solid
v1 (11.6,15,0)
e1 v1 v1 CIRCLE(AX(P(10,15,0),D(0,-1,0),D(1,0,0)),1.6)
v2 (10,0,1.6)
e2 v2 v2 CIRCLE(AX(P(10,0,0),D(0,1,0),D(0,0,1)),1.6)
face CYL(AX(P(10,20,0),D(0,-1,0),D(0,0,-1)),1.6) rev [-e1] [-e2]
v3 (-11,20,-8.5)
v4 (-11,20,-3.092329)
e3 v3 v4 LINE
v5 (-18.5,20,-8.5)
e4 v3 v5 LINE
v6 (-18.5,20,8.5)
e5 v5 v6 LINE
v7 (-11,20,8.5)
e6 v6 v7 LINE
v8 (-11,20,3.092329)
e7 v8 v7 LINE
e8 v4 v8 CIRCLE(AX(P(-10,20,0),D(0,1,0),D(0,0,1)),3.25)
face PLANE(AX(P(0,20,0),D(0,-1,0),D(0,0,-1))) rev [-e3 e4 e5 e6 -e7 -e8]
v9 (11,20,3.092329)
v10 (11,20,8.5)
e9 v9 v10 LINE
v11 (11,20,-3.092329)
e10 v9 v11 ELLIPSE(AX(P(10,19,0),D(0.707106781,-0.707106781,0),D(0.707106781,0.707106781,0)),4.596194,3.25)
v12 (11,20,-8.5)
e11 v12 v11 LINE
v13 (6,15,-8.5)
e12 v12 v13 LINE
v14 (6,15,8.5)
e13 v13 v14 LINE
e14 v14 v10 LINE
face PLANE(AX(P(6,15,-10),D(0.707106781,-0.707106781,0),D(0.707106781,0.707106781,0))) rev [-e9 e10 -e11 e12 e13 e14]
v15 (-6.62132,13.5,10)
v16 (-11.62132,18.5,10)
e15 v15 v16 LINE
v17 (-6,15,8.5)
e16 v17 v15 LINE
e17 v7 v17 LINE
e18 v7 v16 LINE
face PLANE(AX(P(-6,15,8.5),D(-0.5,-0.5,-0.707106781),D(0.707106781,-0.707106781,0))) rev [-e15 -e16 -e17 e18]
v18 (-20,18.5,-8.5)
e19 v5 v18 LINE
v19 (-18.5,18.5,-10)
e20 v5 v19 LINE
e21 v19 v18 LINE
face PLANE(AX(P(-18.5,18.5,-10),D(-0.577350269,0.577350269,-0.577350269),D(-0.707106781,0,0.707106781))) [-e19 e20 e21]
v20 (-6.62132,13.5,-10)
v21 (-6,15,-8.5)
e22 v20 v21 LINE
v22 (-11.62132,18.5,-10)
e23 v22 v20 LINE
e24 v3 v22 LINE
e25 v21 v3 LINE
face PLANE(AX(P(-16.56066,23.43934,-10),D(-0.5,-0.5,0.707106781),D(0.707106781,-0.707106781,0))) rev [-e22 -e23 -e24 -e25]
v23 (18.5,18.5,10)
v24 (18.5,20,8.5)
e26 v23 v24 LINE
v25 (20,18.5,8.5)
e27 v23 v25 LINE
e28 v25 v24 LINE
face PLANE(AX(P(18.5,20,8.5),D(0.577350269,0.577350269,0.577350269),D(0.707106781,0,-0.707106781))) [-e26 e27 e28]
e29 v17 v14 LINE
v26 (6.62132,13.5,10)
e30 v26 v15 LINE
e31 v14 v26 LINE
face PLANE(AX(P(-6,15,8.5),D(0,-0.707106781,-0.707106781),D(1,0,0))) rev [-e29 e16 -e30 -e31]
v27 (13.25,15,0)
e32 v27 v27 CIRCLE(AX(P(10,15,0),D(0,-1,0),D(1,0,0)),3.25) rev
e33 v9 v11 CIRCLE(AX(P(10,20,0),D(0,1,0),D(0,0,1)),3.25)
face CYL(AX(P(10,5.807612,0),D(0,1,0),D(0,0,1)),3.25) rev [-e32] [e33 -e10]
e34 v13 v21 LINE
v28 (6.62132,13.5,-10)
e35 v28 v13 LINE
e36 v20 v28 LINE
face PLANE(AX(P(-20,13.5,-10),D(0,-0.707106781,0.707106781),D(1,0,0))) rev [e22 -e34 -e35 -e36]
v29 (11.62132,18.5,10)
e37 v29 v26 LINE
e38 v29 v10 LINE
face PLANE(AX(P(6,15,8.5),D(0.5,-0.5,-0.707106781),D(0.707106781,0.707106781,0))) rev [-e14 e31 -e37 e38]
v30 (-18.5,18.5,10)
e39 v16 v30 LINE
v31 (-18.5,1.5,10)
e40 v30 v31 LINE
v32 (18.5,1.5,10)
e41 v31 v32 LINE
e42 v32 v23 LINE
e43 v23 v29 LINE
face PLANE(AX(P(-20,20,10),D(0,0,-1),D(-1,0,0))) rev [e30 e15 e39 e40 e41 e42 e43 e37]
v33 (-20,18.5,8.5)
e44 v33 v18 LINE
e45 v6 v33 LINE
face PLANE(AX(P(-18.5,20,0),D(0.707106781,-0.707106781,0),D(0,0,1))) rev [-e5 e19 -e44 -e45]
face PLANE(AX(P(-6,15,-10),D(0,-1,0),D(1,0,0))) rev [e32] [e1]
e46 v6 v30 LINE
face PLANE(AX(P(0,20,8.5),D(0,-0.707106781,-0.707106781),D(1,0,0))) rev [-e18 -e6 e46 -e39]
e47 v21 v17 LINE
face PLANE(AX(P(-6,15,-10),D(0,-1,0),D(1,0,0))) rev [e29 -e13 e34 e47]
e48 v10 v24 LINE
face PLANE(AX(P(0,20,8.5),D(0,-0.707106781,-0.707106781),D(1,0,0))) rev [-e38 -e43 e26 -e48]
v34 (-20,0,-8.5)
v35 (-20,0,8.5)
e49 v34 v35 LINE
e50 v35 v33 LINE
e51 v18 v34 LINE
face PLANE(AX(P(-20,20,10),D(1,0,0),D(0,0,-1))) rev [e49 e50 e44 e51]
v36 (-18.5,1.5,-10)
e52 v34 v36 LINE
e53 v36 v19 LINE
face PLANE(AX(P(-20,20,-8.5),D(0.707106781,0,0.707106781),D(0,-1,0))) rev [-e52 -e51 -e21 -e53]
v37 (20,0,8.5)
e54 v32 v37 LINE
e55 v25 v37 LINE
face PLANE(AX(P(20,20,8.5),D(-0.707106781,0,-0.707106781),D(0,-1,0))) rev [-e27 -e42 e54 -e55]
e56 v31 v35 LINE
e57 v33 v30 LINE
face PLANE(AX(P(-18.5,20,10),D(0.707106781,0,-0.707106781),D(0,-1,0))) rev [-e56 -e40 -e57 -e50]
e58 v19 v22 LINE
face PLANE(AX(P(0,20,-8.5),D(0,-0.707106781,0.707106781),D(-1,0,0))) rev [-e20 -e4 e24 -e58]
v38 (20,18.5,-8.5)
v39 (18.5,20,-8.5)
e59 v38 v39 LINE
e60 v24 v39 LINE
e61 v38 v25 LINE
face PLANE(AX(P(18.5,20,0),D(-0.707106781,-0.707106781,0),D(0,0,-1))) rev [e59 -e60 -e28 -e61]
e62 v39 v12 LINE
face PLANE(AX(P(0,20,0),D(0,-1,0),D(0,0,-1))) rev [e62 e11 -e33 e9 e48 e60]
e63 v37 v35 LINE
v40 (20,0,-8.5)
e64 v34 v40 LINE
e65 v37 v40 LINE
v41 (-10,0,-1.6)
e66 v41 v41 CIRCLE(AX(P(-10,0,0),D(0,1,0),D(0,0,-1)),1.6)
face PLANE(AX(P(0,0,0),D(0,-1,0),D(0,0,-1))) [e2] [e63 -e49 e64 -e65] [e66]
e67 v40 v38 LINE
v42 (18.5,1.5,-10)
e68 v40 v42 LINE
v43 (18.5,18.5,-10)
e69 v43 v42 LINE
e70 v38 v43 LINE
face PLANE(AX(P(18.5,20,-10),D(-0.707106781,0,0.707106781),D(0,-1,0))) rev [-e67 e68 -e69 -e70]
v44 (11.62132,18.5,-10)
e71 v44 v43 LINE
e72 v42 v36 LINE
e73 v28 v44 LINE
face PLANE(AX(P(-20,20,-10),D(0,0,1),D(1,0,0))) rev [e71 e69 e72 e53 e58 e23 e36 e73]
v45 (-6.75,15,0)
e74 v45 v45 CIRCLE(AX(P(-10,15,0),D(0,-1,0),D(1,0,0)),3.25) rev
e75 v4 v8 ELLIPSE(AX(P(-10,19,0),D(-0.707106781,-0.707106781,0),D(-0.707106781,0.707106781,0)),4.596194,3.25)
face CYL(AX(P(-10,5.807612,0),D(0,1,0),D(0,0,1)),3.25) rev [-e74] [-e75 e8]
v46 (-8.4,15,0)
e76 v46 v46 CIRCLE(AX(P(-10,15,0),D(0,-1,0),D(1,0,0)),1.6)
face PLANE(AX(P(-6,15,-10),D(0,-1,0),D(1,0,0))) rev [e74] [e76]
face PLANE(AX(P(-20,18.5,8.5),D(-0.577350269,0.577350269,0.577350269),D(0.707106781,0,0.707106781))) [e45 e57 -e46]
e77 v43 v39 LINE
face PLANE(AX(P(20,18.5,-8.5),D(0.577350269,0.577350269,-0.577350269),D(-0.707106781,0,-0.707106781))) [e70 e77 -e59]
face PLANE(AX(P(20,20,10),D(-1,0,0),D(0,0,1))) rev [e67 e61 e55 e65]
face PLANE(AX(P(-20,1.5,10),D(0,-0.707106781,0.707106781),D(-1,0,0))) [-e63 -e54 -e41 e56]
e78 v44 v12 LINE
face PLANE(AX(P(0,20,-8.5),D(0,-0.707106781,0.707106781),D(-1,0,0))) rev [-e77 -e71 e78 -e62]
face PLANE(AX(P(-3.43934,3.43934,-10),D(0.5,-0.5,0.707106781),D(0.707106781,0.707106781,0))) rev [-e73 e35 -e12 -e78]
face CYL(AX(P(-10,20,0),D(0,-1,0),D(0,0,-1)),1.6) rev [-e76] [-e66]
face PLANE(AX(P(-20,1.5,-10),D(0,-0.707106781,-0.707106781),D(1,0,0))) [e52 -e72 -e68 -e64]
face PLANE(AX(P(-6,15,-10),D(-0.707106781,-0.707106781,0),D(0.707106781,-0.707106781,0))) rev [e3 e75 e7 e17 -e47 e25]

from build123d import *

# Parameters (mm, degrees)
SKETCH_1_W          = 40
SKETCH_1_H          = 20
SKETCH_1_R          = 1.6
EXTRUDE_1_DEPTH     = 20
CUT_EXTRUDE_1_DEPTH = 20
SKETCH_3_R          = 3.25
CUT_EXTRUDE_2_DEPTH = 5
CHAMFER_1_SIZE      = 1.5


with BuildPart() as part:
    # 草图1 → 凸台-拉伸1 (new body)
    with BuildSketch(Plane(origin=(0, 0, 0), x_dir=(1, 0, 0), z_dir=(0, 1, 0))):
        Rectangle(SKETCH_1_W, SKETCH_1_H)
        with Locations(Location((10, 0, 0), (0, 0, 270))):
            Circle(SKETCH_1_R, mode=Mode.SUBTRACT)
        with Locations(Location((-10, 0, 0), (0, 0, 90))):
            Circle(SKETCH_1_R, mode=Mode.SUBTRACT)
    extrude(amount=EXTRUDE_1_DEPTH)

    # 草图2 → 切除-拉伸1 (cut)
    with BuildSketch(Plane.XY.offset(10)):
        Polygon((-6, 15), (6, 15), (11, 20), (-11, 20), align=None)
    extrude(amount=-CUT_EXTRUDE_1_DEPTH, mode=Mode.SUBTRACT)

    # 草图3 → 切除-拉伸2 (cut)
    with BuildSketch(Plane(origin=(0, 20, 0), x_dir=(1, 0, 0), z_dir=(0, 1, 0))):
        with Locations(Location((10, 0, 0), (0, 0, 287.920213139))):
            Circle(SKETCH_3_R)
        with Locations(Location((-10, 0, 0), (0, 0, 252.079786861))):
            Circle(SKETCH_3_R)
    extrude(amount=-CUT_EXTRUDE_2_DEPTH, mode=Mode.SUBTRACT)

    # 倒角1
    chamfer_1_edges = [part.edges().sort_by_distance(p)[0] for p in [
        (-20, 20, 0),
        (-15.5, 20, 10),
        (15.5, 20, 10),
        (-15.5, 20, -10),
        (-8.5, 17.5, -10),
        (8.5, 17.5, -10),
        (0, 15, -10),
        (-8.5, 17.5, 10),
        (0, 15, 10),
        (8.5, 17.5, 10),
        (20, 20, 0),
        (0, 0, 10),
        (0, 0, -10),
        (20, 10, 10),
        (-20, 10, 10),
        (-20, 10, -10),
        (20, 10, -10),
        (15.5, 20, -10),
    ]]
    chamfer(chamfer_1_edges, length=CHAMFER_1_SIZE)


solid = part.part
